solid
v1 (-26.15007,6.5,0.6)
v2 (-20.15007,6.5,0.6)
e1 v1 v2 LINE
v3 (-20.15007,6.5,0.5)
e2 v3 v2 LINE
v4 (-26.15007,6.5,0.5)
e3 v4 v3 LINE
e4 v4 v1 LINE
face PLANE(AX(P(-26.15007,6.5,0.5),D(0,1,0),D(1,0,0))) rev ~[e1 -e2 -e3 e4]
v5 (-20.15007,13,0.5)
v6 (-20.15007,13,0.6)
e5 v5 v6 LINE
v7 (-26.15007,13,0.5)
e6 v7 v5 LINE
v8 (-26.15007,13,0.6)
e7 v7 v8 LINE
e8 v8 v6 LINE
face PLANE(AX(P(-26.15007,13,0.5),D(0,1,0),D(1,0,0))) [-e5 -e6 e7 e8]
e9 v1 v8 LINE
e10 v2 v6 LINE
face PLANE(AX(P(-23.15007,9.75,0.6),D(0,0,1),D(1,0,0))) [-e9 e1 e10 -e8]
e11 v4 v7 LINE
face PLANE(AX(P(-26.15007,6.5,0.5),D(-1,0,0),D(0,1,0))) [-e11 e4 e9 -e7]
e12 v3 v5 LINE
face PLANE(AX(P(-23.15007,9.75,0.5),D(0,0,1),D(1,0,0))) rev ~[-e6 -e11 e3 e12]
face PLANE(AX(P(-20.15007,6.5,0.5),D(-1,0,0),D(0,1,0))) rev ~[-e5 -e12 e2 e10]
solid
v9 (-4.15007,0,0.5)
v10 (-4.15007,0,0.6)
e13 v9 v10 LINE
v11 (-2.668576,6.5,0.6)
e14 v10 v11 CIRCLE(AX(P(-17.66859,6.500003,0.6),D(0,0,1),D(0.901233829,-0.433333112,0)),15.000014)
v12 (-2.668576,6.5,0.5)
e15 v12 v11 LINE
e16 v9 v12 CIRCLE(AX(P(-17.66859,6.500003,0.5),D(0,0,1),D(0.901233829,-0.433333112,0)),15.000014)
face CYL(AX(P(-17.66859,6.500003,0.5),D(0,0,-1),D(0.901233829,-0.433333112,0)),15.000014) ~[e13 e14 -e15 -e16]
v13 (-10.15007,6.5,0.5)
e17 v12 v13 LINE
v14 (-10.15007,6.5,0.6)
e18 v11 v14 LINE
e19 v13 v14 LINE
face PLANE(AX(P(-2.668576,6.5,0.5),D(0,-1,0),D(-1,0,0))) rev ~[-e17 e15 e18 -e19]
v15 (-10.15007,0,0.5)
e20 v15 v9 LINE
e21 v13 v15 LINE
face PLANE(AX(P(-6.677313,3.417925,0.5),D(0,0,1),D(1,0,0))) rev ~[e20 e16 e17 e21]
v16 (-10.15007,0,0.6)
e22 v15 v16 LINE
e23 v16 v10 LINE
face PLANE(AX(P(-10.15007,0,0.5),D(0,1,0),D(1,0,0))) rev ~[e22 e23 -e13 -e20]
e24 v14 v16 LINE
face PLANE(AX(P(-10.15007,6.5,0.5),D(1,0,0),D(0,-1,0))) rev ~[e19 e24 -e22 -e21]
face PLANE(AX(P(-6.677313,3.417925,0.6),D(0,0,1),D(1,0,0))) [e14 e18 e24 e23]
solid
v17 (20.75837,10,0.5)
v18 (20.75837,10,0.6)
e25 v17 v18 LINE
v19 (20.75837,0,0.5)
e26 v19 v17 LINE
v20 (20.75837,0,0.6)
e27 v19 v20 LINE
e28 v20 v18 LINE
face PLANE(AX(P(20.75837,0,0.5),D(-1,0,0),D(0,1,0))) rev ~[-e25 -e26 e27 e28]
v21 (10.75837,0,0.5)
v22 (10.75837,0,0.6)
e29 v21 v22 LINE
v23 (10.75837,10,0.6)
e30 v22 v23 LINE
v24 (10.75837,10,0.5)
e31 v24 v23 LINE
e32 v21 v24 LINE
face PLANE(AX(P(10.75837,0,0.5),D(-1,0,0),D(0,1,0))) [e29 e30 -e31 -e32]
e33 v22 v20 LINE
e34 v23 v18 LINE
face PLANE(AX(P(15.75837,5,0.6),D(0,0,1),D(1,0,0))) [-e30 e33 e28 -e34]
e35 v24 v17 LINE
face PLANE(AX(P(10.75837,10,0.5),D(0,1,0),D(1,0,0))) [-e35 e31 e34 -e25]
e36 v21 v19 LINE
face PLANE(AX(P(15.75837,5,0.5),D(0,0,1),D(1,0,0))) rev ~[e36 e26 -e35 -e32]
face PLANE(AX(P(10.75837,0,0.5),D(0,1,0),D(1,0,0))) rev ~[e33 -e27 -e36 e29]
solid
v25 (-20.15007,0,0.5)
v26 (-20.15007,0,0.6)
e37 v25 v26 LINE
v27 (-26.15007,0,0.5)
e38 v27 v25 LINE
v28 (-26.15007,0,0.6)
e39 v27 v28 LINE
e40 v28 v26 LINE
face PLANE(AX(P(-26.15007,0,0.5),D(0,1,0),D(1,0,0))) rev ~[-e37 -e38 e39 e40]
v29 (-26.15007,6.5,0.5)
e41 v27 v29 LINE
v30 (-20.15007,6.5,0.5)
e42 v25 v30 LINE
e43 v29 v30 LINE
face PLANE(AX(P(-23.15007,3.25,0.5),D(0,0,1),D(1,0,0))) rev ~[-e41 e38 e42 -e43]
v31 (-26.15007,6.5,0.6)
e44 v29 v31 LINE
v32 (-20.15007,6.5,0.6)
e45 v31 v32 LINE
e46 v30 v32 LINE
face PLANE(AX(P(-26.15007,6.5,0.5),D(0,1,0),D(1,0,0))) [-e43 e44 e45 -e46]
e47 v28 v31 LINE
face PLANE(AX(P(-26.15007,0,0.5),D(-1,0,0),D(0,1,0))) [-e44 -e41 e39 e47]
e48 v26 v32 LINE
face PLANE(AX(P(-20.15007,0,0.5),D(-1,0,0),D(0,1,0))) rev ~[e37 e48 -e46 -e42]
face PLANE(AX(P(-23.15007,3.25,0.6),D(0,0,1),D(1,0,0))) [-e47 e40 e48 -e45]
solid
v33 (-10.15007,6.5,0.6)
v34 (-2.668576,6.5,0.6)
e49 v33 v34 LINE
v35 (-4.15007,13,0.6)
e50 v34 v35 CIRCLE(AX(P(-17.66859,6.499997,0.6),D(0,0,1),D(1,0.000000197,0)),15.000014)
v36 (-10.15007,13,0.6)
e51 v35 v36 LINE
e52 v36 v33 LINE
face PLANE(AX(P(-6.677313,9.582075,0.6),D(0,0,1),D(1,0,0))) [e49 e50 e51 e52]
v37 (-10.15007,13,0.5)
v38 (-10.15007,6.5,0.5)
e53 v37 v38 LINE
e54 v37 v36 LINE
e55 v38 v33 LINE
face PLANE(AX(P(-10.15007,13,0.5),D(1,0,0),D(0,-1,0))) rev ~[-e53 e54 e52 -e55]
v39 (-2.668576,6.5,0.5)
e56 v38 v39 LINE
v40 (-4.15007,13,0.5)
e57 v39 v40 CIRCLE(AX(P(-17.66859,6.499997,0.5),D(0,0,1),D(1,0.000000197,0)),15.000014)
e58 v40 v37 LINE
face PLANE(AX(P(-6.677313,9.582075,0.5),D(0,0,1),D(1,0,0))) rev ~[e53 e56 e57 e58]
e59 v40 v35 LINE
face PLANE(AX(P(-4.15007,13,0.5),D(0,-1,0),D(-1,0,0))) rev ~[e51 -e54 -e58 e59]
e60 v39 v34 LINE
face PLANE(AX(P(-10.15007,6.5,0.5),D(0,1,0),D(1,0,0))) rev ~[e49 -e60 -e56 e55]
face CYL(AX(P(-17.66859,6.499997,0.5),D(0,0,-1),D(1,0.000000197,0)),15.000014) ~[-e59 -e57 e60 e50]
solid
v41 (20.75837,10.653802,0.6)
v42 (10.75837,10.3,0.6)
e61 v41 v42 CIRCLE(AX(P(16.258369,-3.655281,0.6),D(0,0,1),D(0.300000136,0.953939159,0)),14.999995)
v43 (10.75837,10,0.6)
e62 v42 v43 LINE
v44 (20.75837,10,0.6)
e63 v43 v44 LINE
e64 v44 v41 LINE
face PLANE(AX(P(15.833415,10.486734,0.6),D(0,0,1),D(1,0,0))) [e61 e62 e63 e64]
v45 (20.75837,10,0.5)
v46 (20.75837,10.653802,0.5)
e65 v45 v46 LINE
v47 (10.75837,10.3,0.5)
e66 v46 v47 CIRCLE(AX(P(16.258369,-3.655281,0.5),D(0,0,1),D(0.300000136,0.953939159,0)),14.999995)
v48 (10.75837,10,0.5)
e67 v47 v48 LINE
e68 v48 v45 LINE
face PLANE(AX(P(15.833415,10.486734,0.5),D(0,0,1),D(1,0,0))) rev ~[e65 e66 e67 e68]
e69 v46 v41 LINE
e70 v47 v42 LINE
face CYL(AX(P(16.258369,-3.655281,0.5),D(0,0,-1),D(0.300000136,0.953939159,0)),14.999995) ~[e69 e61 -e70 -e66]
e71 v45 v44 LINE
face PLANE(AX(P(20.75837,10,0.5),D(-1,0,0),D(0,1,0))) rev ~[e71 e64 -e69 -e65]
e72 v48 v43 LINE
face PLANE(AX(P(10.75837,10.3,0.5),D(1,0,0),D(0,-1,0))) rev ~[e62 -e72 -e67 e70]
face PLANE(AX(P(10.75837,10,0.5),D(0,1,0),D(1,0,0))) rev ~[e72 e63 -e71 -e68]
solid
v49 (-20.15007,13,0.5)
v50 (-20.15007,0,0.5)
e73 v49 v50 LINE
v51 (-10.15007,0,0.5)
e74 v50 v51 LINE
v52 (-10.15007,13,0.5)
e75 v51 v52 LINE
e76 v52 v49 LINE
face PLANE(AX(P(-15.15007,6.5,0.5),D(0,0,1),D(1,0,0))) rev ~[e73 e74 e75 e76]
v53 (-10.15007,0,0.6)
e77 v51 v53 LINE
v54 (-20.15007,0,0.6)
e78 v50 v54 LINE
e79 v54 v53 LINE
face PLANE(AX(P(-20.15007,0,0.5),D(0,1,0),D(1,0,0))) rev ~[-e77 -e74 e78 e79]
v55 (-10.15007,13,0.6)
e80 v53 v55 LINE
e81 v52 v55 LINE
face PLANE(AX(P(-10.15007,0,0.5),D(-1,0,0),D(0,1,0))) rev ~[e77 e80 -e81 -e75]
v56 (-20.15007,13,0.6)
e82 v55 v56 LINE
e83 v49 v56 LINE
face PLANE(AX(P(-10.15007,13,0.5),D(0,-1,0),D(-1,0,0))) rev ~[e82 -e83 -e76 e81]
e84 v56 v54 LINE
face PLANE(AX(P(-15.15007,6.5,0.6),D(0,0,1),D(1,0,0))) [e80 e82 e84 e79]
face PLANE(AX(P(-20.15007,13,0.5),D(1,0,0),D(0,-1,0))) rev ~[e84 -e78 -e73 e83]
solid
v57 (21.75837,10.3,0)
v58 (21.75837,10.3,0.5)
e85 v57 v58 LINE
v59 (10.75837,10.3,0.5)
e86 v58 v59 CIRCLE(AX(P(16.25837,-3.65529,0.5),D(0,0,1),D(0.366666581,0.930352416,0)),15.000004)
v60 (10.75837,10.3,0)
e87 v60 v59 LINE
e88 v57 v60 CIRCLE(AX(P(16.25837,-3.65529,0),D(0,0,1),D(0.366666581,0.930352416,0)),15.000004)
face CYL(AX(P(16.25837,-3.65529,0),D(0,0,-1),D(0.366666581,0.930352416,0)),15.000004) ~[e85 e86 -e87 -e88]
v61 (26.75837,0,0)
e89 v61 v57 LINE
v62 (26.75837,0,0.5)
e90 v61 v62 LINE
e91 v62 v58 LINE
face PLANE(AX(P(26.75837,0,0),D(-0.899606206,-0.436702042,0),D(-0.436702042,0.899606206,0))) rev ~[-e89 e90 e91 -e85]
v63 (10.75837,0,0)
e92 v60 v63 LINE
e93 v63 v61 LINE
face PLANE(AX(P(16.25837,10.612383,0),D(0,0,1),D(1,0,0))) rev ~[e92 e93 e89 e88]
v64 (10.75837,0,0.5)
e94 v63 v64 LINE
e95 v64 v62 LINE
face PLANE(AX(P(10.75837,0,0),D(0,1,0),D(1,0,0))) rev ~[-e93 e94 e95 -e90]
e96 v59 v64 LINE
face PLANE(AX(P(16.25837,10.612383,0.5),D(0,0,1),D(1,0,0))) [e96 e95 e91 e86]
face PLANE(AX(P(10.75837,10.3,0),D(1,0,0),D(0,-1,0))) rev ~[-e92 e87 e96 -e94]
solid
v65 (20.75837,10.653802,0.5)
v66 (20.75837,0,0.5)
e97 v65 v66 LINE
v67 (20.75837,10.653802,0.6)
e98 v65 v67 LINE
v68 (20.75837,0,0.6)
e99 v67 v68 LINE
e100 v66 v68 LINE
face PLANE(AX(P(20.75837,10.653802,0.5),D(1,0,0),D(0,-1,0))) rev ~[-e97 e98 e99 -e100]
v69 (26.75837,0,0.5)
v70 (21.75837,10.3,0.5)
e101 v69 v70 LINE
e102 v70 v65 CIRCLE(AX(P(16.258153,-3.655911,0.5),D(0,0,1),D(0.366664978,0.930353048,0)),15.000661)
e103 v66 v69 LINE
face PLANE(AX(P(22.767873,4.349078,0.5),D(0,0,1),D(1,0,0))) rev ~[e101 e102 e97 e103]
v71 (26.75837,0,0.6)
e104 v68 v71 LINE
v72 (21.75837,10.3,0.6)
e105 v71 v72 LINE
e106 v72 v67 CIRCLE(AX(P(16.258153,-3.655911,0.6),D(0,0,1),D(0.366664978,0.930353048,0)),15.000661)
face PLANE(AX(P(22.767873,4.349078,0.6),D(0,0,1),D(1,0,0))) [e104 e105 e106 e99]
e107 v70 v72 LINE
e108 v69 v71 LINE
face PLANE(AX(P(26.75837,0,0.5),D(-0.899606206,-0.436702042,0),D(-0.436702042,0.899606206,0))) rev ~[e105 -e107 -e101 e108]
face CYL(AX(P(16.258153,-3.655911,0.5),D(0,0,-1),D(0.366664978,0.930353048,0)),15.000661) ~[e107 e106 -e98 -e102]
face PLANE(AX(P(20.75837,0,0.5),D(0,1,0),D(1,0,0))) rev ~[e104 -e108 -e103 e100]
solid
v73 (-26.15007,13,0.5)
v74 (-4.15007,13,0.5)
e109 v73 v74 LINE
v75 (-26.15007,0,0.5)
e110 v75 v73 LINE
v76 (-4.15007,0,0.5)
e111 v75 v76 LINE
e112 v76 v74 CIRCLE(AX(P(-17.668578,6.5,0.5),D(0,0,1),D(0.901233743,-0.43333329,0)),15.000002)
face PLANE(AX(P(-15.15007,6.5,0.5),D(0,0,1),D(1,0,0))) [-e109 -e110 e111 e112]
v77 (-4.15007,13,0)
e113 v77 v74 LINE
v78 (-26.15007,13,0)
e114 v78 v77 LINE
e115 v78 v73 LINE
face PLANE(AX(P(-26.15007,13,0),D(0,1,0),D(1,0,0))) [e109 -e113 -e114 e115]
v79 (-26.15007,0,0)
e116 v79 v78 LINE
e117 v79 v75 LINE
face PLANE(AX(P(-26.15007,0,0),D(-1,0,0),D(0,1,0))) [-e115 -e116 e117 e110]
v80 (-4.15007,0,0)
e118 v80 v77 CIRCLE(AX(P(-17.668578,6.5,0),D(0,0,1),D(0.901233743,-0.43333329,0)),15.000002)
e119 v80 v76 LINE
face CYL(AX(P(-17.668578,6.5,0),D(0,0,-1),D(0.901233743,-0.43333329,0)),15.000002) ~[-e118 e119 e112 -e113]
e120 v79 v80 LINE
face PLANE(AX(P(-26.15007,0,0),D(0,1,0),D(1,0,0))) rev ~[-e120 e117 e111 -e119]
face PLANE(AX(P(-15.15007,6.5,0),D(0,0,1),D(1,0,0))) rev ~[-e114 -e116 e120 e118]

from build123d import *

# Parameters (mm, degrees)
F0_W      = 22
F0_H      = 13
F1_DEPTH  = 0.5
F2_W      = 6
F2_H      = 6.5
F4_DEPTH  = 0.1
F5_DEPTH  = 0.1
F6_DEPTH  = 0.1
F7_DEPTH  = 0.1
F8_DEPTH  = 0.1
F3_W      = 10
F3_H      = 10
F9_DEPTH  = 0.1
F10_DEPTH = 0.1
F11_DEPTH = 0.1


with BuildPart() as f1:
    # F0 (on Top) → F1 (new body)
    with BuildSketch(Plane.XY):
        with Locations((-15.15007, 6.5)):
            Rectangle(F0_W, F0_H)
        with BuildLine():
            ThreePointArc((-4.15007, 0), (-2.668576, 6.5), (-4.15007, 13))
            Line((-4.15007, 13), (-4.15007, 0))
        make_face()
        with BuildLine():
            ThreePointArc((21.75837, 10.3), (16.25837, 11.344714), (10.75837, 10.3))
            Line((10.75837, 10.3), (21.75837, 10.3))
        make_face()
        Polygon((21.75837, 10.3), (10.75837, 10.3), (10.75837, 0), (26.75837, 0), align=None)
    extrude(amount=F1_DEPTH)


with BuildPart() as f4:
    # F2 (on face) → F4 (new body)
    with BuildSketch(Plane.XY.offset(0.5)):
        with Locations((-23.15007, 3.25)):
            Rectangle(F2_W, F2_H)
    extrude(amount=F4_DEPTH)


with BuildPart() as f5:
    # F2 (on face) → F5 (new body)
    with BuildSketch(Plane.XY.offset(0.5)):
        with Locations((-23.15007, 9.75)):
            Rectangle(F2_W, F2_H)
    extrude(amount=F5_DEPTH)


with BuildPart() as f6:
    # F2 (on face) → F6 (new body)
    with BuildSketch(Plane.XY.offset(0.5)):
        Polygon((-20.15007, 0), (-10.15007, 0), (-10.15007, 6.5), (-10.15007, 13), (-20.15007, 13), (-20.15007, 6.5), align=None)
    extrude(amount=F6_DEPTH)


with BuildPart() as f7:
    # F2 (on face) → F7 (new body)
    with BuildSketch(Plane.XY.offset(0.5)):
        with BuildLine():
            Line((-10.15007, 6.5), (-10.15007, 0))
            Line((-10.15007, 0), (-4.15007, 0))
            ThreePointArc((-4.15007, 0), (-3.043639, 3.166652), (-2.668576, 6.5))
            Line((-2.668576, 6.5), (-10.15007, 6.5))
        make_face()
    extrude(amount=F7_DEPTH)


with BuildPart() as f8:
    # F2 (on face) → F8 (new body)
    with BuildSketch(Plane.XY.offset(0.5)):
        with BuildLine():
            Line((-10.15007, 13), (-10.15007, 6.5))
            Line((-10.15007, 6.5), (-2.668576, 6.5))
            ThreePointArc((-2.668576, 6.5), (-3.043639, 9.833348), (-4.15007, 13))
            Line((-4.15007, 13), (-10.15007, 13))
        make_face()
    extrude(amount=F8_DEPTH)


with BuildPart() as f9:
    # F3 (on face) → F9 (new body)
    with BuildSketch(Plane.XY.offset(0.5)):
        with Locations((15.75837, 5)):
            Rectangle(F3_W, F3_H)
    extrude(amount=F9_DEPTH)


with BuildPart() as f10:
    # F3 (on face) → F10 (new body)
    with BuildSketch(Plane.XY.offset(0.5)):
        with BuildLine():
            Line((20.75837, 10), (20.75837, 0))
            Line((20.75837, 0), (26.75837, 0))
            Line((26.75837, 0), (21.75837, 10.3))
            ThreePointArc((21.75837, 10.3), (21.261498, 10.485743), (20.75837, 10.653802))
            Line((20.75837, 10.653802), (20.75837, 10))
        make_face()
    extrude(amount=F10_DEPTH)


with BuildPart() as f11:
    # F3 (on face) → F11 (new body)
    with BuildSketch(Plane.XY.offset(0.5)):
        with BuildLine():
            Line((10.75837, 10.3), (10.75837, 10))
            Line((10.75837, 10), (20.75837, 10))
            Line((20.75837, 10), (20.75837, 10.653802))
            ThreePointArc((20.75837, 10.653802), (15.727998, 11.335335), (10.75837, 10.3))
        make_face()
    extrude(amount=F11_DEPTH)


solid = Compound([f1.part, f4.part, f5.part, f6.part, f7.part, f8.part, f9.part, f10.part, f11.part])
